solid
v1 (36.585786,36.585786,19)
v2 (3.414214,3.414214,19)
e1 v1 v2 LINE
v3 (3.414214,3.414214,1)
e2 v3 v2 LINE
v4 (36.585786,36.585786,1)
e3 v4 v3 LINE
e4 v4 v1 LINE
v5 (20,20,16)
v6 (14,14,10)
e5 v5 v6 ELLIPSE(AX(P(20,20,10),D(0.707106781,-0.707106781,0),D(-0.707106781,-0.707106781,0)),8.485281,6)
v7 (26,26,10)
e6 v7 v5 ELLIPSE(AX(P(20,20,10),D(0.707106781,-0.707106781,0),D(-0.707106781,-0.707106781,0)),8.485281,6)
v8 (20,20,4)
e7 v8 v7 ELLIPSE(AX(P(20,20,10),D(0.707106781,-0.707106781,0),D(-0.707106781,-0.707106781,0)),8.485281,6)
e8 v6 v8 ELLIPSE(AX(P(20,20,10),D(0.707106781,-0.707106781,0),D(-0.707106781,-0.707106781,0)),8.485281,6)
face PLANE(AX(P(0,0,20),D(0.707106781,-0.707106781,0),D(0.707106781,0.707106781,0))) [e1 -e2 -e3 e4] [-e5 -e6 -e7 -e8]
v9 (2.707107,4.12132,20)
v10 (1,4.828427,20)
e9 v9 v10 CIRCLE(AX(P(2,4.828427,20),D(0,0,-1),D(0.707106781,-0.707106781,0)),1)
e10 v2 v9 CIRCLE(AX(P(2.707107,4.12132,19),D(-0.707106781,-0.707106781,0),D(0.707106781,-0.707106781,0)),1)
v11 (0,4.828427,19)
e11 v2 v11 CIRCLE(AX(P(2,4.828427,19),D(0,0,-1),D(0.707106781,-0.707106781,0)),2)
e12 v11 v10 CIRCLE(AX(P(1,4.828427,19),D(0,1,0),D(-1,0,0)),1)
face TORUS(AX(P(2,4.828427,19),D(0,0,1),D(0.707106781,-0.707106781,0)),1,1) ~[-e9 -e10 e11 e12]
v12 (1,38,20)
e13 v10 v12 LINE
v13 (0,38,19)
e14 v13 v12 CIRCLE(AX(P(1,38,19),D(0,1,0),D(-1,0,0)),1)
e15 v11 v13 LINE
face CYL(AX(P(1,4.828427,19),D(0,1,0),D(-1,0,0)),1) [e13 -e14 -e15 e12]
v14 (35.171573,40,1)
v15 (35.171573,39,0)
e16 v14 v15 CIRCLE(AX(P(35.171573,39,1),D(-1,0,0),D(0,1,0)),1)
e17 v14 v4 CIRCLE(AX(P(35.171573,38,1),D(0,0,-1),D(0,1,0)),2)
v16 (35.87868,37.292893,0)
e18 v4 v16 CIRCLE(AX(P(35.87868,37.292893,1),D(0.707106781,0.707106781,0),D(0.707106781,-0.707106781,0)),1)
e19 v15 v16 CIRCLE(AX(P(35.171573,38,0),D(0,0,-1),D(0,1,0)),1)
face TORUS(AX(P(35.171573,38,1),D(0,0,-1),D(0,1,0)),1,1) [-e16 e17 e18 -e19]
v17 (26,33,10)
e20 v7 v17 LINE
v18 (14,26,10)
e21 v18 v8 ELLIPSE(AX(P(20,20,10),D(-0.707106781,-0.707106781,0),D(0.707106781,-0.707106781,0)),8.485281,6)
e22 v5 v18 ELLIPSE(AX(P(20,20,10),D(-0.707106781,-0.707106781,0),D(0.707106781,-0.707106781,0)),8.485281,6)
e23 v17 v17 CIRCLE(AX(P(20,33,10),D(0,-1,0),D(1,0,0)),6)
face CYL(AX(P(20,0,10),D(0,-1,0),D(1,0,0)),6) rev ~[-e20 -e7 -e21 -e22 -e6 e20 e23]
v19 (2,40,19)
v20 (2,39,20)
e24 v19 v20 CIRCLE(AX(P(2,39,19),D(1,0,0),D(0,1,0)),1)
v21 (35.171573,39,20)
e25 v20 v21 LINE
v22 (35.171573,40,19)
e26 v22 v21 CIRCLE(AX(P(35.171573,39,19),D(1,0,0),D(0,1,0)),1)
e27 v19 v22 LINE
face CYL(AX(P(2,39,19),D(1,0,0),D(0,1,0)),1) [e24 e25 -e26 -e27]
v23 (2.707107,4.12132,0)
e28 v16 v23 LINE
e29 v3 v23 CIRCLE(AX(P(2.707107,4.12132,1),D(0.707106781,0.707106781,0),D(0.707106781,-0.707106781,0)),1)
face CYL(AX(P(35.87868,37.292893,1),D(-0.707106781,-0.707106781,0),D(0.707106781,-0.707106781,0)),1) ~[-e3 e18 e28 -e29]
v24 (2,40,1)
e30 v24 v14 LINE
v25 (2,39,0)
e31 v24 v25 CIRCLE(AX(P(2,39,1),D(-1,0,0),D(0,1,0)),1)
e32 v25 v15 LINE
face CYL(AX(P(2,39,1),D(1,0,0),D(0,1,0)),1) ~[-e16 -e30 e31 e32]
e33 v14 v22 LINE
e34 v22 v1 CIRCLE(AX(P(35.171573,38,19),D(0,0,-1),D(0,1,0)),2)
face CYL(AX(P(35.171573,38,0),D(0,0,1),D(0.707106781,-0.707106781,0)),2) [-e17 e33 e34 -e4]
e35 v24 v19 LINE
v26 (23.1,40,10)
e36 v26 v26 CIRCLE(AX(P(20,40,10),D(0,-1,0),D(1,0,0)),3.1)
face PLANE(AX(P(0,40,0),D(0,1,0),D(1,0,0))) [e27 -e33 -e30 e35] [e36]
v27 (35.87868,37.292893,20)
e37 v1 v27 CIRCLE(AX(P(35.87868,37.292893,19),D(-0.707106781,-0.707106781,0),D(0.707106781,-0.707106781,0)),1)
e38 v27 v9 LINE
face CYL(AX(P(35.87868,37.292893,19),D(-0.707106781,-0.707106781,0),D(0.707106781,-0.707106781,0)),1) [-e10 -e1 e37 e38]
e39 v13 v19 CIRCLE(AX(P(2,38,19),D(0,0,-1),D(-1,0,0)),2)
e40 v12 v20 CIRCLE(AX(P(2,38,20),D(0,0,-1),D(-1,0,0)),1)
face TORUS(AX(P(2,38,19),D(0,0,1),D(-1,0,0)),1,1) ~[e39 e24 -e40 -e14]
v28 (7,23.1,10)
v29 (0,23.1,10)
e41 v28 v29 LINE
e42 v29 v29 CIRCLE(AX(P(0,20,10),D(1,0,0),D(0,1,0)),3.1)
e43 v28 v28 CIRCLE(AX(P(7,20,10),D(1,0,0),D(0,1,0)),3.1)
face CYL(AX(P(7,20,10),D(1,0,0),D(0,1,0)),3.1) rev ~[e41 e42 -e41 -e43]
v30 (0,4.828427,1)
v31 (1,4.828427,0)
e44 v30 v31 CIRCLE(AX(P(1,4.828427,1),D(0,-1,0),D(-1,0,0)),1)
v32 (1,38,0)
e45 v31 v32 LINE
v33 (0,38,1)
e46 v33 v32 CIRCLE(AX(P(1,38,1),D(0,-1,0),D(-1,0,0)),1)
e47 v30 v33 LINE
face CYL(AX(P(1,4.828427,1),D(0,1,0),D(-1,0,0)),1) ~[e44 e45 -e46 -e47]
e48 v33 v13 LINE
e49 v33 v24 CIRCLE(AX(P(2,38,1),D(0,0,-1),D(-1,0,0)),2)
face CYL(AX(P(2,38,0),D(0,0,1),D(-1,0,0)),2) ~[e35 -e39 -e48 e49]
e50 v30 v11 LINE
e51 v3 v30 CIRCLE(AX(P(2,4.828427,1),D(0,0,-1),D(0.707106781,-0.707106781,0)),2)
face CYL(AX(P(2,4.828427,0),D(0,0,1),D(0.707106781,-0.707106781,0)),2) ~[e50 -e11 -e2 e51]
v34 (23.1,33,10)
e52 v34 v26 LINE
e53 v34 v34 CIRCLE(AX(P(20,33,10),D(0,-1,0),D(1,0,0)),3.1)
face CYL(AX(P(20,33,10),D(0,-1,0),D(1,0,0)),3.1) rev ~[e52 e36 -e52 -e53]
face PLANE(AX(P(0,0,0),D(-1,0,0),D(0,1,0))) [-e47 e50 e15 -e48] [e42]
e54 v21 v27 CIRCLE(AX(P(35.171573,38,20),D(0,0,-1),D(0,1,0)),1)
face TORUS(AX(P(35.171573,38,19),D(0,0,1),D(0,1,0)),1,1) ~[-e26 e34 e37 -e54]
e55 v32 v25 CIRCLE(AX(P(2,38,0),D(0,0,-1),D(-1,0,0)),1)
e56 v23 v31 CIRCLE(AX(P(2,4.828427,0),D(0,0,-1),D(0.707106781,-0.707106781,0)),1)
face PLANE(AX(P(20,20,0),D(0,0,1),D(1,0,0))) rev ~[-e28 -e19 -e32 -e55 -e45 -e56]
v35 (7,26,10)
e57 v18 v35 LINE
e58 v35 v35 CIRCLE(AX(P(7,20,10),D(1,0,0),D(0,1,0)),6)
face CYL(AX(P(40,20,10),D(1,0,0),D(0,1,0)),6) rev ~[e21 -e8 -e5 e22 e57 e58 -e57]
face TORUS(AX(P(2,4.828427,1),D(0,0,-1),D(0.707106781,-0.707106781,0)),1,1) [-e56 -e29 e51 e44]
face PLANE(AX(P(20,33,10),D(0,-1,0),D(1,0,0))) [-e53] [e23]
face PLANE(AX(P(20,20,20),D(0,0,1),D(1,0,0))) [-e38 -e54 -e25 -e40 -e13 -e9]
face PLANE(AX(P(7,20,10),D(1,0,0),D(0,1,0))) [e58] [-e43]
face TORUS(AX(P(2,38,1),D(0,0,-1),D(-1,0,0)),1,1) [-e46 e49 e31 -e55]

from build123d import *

# Parameters (mm, degrees)
SKETCH_W        = 40
SKETCH_H        = 40
PAD_DEPTH       = 20
SKETCH001_R     = 6
POCKET_DEPTH    = 33
SKETCH002_R     = 3.1
POCKET001_DEPTH = 8
SKETCH003_R     = 6
POCKET002_DEPTH = 33
SKETCH004_R     = 3.1
POCKET003_DEPTH = 8
POCKET004_DEPTH = 25
FILLET_R        = 2
FILLET001_R     = 2
FILLET002_R     = 2
FILLET003_R     = 1
FILLET004_R     = 1


with BuildPart() as part:
    # Sketch → Pad (new body)
    with BuildSketch(Plane.XY):
        with Locations((20, 20)):
            Rectangle(SKETCH_W, SKETCH_H)
    extrude(amount=PAD_DEPTH)

    # Sketch001 → Pocket (cut)
    with BuildSketch(Plane.XZ):
        with Locations((20, 10)):
            Circle(SKETCH001_R)
    extrude(amount=-POCKET_DEPTH, mode=Mode.SUBTRACT)

    # Sketch002 → Pocket001 (cut)
    with BuildSketch(Plane.XZ.offset(-33)):
        with Locations((20, 10)):
            Circle(SKETCH002_R)
    extrude(amount=-POCKET001_DEPTH, mode=Mode.SUBTRACT)

    # Sketch003 → Pocket002 (cut)
    with BuildSketch(Plane.YZ.offset(40)):
        with Locations((20, 10)):
            Circle(SKETCH003_R)
    extrude(amount=-POCKET002_DEPTH, mode=Mode.SUBTRACT)

    # Sketch004 → Pocket003 (cut)
    with BuildSketch(Plane.YZ.offset(7)):
        with Locations((20, 10)):
            Circle(SKETCH004_R)
    extrude(amount=-POCKET003_DEPTH, mode=Mode.SUBTRACT)

    # Sketch005 → Pocket004 (cut)
    with BuildSketch(Plane.XY.offset(20)):
        Polygon((0, 0), (40, 40), (40, 0), align=None)
    extrude(amount=-POCKET004_DEPTH, mode=Mode.SUBTRACT)

    # Fillet
    fillet_edges = [part.edges().sort_by_distance(p)[0] for p in [
        (40, 40, 10),
    ]]
    fillet(fillet_edges, radius=FILLET_R)

    # Fillet001
    fillet001_edges = [part.edges().sort_by_distance(p)[0] for p in [
        (0, 0, 10),
    ]]
    fillet(fillet001_edges, radius=FILLET001_R)

    # Fillet002
    fillet002_edges = [part.edges().sort_by_distance(p)[0] for p in [
        (0, 40, 10),
    ]]
    fillet(fillet002_edges, radius=FILLET002_R)

    # Fillet003
    fillet003_edges = [part.edges().sort_by_distance(p)[0] for p in [
        (0, 21.414214, 0),
        (0.585786, 39.414214, 0),
        (1.234633, 2.980668, 0),
        (18.585786, 40, 0),
        (20, 20, 0),
        (37.019332, 38.765367, 0),
    ]]
    fillet(fillet003_edges, radius=FILLET003_R)

    # Fillet004
    fillet004_edges = [part.edges().sort_by_distance(p)[0] for p in [
        (0, 21.414214, 20),
        (0.585786, 39.414214, 20),
        (1.234633, 2.980668, 20),
        (18.585786, 40, 20),
        (20, 20, 20),
        (37.019332, 38.765367, 20),
    ]]
    fillet(fillet004_edges, radius=FILLET004_R)


solid = part.part
